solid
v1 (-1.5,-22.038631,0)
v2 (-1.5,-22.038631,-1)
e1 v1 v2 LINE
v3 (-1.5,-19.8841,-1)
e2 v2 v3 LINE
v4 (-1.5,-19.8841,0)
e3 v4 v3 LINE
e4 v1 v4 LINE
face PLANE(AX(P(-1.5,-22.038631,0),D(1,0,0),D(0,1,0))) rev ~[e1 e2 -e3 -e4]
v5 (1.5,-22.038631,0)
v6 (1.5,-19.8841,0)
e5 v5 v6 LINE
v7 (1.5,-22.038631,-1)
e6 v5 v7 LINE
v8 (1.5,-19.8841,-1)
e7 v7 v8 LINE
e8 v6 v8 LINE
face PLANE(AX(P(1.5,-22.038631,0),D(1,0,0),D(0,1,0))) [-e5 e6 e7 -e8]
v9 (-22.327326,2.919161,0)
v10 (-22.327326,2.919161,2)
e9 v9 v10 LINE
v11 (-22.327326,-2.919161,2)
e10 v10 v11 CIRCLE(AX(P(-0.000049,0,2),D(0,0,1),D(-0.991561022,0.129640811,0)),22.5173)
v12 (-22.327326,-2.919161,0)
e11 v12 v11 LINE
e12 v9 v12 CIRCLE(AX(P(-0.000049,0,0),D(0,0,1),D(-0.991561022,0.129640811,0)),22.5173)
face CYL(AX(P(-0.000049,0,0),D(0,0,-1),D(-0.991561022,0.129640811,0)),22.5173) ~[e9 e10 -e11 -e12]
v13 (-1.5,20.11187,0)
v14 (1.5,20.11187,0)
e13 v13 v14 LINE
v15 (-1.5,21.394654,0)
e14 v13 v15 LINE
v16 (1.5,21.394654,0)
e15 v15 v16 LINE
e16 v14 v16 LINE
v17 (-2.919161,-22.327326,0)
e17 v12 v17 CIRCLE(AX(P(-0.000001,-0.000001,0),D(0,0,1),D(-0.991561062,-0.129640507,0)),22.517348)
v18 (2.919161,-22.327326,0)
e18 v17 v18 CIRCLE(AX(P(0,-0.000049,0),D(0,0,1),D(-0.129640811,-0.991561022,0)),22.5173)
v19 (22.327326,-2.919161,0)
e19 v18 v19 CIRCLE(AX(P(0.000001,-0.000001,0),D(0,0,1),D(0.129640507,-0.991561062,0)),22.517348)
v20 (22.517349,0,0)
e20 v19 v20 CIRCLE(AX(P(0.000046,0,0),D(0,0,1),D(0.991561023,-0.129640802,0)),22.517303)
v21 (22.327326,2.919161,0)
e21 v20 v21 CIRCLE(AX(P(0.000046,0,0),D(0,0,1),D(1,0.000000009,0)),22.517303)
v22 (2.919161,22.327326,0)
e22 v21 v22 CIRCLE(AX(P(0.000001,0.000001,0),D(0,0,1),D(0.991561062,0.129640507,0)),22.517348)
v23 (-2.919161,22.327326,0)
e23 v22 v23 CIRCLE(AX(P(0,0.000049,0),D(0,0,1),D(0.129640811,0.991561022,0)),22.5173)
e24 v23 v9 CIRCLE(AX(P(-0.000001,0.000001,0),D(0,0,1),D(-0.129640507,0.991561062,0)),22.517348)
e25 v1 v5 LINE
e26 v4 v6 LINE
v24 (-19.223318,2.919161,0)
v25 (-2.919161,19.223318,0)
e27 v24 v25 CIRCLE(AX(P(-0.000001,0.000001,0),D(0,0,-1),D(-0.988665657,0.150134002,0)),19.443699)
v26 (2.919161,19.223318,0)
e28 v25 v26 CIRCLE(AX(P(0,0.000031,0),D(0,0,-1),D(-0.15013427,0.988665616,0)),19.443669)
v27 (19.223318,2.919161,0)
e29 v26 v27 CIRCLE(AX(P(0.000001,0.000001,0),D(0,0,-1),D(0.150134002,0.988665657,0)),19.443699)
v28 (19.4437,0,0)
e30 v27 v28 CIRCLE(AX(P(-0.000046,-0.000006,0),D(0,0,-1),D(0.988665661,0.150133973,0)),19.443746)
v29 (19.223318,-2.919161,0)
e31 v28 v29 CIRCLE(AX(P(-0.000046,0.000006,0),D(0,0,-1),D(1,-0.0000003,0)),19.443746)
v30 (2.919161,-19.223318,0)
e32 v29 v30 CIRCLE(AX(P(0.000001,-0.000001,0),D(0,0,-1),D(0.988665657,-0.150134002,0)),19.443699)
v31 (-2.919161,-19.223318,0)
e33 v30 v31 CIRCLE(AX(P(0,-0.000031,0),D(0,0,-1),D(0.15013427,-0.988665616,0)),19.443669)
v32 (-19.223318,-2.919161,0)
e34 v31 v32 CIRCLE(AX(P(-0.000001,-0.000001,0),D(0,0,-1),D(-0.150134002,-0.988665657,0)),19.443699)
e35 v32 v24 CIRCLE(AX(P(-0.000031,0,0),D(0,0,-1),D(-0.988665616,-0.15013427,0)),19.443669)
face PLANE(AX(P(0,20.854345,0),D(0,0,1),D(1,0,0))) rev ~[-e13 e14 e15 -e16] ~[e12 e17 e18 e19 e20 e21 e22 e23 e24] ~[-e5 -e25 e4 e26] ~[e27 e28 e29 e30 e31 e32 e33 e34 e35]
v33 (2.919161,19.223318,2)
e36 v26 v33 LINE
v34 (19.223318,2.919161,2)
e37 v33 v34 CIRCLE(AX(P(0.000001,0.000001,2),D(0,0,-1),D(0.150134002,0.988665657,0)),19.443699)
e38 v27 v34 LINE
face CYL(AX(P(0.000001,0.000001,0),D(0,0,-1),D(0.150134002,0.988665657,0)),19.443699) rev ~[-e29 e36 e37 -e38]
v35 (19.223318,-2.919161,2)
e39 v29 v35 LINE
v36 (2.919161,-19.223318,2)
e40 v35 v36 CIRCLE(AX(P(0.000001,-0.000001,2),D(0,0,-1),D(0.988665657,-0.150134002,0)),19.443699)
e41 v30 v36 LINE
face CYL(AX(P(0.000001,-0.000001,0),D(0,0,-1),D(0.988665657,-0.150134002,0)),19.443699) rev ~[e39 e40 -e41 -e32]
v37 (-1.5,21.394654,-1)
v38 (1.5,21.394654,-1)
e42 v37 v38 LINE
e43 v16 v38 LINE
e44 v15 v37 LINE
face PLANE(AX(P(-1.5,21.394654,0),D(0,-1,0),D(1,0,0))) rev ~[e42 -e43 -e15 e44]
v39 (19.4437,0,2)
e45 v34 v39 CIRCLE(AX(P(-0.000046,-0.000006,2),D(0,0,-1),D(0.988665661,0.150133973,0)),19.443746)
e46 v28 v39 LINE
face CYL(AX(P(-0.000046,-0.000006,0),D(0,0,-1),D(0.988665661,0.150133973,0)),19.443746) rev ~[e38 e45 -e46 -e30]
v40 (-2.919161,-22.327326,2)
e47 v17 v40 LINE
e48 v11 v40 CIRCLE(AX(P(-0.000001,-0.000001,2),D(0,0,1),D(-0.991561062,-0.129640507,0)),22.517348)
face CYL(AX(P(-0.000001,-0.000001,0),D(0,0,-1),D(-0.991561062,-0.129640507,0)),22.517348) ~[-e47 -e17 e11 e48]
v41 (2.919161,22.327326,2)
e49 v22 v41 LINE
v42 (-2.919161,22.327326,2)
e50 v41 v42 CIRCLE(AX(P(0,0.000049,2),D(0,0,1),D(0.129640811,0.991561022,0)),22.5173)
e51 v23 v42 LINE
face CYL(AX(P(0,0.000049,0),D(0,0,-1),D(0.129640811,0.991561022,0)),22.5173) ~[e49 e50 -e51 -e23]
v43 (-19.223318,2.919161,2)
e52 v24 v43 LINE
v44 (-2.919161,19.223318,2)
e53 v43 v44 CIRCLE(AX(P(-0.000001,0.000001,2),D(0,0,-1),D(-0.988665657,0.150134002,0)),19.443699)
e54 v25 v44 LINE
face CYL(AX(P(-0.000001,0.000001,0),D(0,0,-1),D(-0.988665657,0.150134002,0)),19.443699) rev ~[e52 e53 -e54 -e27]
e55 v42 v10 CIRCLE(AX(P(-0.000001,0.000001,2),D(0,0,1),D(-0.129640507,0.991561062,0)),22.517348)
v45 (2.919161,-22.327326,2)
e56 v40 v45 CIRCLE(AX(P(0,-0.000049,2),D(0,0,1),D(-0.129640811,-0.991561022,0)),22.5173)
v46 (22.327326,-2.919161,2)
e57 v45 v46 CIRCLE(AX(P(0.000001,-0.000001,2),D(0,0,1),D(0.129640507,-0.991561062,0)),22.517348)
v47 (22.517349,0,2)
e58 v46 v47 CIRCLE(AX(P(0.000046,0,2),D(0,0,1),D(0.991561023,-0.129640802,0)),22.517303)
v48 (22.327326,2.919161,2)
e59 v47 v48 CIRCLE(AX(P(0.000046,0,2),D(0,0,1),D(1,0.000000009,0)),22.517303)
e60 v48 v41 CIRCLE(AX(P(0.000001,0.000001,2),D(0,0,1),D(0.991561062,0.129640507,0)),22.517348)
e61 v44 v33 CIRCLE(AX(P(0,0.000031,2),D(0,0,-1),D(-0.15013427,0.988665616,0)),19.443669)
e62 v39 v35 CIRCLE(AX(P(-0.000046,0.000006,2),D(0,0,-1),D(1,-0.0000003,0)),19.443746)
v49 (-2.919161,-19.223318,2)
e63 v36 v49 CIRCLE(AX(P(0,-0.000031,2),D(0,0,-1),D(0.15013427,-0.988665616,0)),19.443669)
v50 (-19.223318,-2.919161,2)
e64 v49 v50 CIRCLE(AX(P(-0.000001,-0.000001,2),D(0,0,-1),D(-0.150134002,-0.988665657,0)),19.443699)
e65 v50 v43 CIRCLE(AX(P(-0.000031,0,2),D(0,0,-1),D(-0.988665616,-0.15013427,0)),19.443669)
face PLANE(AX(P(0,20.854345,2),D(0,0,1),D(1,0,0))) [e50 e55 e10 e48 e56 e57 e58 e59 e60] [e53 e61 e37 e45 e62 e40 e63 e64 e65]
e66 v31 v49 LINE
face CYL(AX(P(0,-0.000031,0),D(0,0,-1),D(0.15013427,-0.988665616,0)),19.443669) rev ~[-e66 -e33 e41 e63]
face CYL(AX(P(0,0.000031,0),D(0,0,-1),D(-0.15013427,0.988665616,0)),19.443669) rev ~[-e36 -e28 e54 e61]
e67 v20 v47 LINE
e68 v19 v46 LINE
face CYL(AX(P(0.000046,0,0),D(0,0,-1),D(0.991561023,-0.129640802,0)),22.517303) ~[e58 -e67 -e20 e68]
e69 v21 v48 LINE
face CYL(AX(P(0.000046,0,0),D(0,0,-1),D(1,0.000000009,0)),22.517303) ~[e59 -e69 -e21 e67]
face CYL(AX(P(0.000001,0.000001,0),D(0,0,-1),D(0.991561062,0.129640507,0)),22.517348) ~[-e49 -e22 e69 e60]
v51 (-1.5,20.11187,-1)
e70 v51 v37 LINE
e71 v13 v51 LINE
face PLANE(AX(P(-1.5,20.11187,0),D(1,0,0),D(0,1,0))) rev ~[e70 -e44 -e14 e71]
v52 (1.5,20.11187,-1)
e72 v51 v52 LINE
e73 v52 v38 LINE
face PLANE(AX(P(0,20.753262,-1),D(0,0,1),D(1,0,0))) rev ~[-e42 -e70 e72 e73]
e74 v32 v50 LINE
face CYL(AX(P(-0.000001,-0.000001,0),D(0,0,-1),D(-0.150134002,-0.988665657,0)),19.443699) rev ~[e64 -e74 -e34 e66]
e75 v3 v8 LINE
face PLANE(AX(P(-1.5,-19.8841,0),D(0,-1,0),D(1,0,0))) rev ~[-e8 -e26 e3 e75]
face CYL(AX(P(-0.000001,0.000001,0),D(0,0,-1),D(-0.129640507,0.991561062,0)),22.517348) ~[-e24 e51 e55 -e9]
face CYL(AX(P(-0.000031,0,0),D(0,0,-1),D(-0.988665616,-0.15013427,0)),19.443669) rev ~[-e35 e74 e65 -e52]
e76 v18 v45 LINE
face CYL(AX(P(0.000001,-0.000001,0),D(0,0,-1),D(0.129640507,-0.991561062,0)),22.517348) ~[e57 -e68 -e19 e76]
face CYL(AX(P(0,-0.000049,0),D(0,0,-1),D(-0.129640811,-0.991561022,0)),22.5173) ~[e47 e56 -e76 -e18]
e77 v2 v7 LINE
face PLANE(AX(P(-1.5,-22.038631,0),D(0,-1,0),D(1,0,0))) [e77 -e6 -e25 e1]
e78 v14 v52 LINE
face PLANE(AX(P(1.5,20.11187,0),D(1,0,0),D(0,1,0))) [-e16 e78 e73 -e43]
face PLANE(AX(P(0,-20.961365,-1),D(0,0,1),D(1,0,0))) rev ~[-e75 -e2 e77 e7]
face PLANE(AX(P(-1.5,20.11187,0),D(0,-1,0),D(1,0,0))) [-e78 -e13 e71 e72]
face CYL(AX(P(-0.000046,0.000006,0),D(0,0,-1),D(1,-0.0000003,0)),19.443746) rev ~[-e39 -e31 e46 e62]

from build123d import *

# Parameters (mm, degrees)
F1_DEPTH = 2
F2_W     = 3
F2_H     = 1.282783
F2_H_2   = 2.154531
F3_DEPTH = 1


with BuildPart() as f1:
    # F0 (on Top) → F1 (new body)
    with BuildSketch(Plane.XY):
        with BuildLine():
            ThreePointArc((-2.919161, 19.223318), (0, 19.4437), (2.919161, 19.223318))
            Line((2.919161, 19.223318), (2.919161, 22.327326))
            ThreePointArc((2.919161, 22.327326), (0, 22.517349), (-2.919161, 22.327326))
            Line((-2.919161, 22.327326), (-2.919161, 19.223318))
        make_face()
        with BuildLine():
            ThreePointArc((-19.223318, -2.919161), (-19.4437, 0), (-19.223318, 2.919161))
            Line((-19.223318, 2.919161), (-22.327326, 2.919161))
            ThreePointArc((-22.327326, 2.919161), (-22.517349, 0), (-22.327326, -2.919161))
            Line((-22.327326, -2.919161), (-19.223318, -2.919161))
        make_face()
        with BuildLine():
            Line((2.919161, -22.327326), (2.919161, -19.223318))
            ThreePointArc((2.919161, -19.223318), (0, -19.4437), (-2.919161, -19.223318))
            Line((-2.919161, -19.223318), (-2.919161, -22.327326))
            ThreePointArc((-2.919161, -22.327326), (0, -22.517349), (2.919161, -22.327326))
        make_face()
        with BuildLine():
            ThreePointArc((19.223318, 2.919161), (19.388526, 1.463734), (19.4437, 0))
            ThreePointArc((19.4437, 0), (19.388526, -1.463734), (19.223318, -2.919161))
            Line((19.223318, -2.919161), (22.327326, -2.919161))
            ThreePointArc((22.327326, -2.919161), (22.469793, -1.46267), (22.517349, 0))
            ThreePointArc((22.517349, 0), (22.469793, 1.46267), (22.327326, 2.919161))
            Line((22.327326, 2.919161), (19.223318, 2.919161))
        make_face()
        with BuildLine():
            Line((-2.919161, -22.327326), (-2.919161, -19.223318))
            ThreePointArc((-2.919161, -19.223318), (-13.748772, -13.748772), (-19.223318, -2.919161))
            Line((-19.223318, -2.919161), (-22.327326, -2.919161))
            ThreePointArc((-22.327326, -2.919161), (-15.92217, -15.92217), (-2.919161, -22.327326))
        make_face()
        with BuildLine():
            ThreePointArc((-19.223318, 2.919161), (-13.748772, 13.748772), (-2.919161, 19.223318))
            Line((-2.919161, 19.223318), (-2.919161, 22.327326))
            ThreePointArc((-2.919161, 22.327326), (-15.92217, 15.92217), (-22.327326, 2.919161))
            Line((-22.327326, 2.919161), (-19.223318, 2.919161))
        make_face()
        with BuildLine():
            ThreePointArc((2.919161, 19.223318), (13.748772, 13.748772), (19.223318, 2.919161))
            Line((19.223318, 2.919161), (22.327326, 2.919161))
            ThreePointArc((22.327326, 2.919161), (15.92217, 15.92217), (2.919161, 22.327326))
            Line((2.919161, 22.327326), (2.919161, 19.223318))
        make_face()
        with BuildLine():
            Line((22.327326, -2.919161), (19.223318, -2.919161))
            ThreePointArc((19.223318, -2.919161), (13.748772, -13.748772), (2.919161, -19.223318))
            Line((2.919161, -19.223318), (2.919161, -22.327326))
            ThreePointArc((2.919161, -22.327326), (15.92217, -15.92217), (22.327326, -2.919161))
        make_face()
    extrude(amount=F1_DEPTH)

    # F2 (on face) → F3 (join)
    with BuildSketch(Plane.XY):
        with Locations((0, 20.753262)):
            Rectangle(F2_W, F2_H)
        with Locations((0, -20.961365)):
            Rectangle(F2_W, F2_H_2)
    extrude(amount=-F3_DEPTH)


solid = f1.part
